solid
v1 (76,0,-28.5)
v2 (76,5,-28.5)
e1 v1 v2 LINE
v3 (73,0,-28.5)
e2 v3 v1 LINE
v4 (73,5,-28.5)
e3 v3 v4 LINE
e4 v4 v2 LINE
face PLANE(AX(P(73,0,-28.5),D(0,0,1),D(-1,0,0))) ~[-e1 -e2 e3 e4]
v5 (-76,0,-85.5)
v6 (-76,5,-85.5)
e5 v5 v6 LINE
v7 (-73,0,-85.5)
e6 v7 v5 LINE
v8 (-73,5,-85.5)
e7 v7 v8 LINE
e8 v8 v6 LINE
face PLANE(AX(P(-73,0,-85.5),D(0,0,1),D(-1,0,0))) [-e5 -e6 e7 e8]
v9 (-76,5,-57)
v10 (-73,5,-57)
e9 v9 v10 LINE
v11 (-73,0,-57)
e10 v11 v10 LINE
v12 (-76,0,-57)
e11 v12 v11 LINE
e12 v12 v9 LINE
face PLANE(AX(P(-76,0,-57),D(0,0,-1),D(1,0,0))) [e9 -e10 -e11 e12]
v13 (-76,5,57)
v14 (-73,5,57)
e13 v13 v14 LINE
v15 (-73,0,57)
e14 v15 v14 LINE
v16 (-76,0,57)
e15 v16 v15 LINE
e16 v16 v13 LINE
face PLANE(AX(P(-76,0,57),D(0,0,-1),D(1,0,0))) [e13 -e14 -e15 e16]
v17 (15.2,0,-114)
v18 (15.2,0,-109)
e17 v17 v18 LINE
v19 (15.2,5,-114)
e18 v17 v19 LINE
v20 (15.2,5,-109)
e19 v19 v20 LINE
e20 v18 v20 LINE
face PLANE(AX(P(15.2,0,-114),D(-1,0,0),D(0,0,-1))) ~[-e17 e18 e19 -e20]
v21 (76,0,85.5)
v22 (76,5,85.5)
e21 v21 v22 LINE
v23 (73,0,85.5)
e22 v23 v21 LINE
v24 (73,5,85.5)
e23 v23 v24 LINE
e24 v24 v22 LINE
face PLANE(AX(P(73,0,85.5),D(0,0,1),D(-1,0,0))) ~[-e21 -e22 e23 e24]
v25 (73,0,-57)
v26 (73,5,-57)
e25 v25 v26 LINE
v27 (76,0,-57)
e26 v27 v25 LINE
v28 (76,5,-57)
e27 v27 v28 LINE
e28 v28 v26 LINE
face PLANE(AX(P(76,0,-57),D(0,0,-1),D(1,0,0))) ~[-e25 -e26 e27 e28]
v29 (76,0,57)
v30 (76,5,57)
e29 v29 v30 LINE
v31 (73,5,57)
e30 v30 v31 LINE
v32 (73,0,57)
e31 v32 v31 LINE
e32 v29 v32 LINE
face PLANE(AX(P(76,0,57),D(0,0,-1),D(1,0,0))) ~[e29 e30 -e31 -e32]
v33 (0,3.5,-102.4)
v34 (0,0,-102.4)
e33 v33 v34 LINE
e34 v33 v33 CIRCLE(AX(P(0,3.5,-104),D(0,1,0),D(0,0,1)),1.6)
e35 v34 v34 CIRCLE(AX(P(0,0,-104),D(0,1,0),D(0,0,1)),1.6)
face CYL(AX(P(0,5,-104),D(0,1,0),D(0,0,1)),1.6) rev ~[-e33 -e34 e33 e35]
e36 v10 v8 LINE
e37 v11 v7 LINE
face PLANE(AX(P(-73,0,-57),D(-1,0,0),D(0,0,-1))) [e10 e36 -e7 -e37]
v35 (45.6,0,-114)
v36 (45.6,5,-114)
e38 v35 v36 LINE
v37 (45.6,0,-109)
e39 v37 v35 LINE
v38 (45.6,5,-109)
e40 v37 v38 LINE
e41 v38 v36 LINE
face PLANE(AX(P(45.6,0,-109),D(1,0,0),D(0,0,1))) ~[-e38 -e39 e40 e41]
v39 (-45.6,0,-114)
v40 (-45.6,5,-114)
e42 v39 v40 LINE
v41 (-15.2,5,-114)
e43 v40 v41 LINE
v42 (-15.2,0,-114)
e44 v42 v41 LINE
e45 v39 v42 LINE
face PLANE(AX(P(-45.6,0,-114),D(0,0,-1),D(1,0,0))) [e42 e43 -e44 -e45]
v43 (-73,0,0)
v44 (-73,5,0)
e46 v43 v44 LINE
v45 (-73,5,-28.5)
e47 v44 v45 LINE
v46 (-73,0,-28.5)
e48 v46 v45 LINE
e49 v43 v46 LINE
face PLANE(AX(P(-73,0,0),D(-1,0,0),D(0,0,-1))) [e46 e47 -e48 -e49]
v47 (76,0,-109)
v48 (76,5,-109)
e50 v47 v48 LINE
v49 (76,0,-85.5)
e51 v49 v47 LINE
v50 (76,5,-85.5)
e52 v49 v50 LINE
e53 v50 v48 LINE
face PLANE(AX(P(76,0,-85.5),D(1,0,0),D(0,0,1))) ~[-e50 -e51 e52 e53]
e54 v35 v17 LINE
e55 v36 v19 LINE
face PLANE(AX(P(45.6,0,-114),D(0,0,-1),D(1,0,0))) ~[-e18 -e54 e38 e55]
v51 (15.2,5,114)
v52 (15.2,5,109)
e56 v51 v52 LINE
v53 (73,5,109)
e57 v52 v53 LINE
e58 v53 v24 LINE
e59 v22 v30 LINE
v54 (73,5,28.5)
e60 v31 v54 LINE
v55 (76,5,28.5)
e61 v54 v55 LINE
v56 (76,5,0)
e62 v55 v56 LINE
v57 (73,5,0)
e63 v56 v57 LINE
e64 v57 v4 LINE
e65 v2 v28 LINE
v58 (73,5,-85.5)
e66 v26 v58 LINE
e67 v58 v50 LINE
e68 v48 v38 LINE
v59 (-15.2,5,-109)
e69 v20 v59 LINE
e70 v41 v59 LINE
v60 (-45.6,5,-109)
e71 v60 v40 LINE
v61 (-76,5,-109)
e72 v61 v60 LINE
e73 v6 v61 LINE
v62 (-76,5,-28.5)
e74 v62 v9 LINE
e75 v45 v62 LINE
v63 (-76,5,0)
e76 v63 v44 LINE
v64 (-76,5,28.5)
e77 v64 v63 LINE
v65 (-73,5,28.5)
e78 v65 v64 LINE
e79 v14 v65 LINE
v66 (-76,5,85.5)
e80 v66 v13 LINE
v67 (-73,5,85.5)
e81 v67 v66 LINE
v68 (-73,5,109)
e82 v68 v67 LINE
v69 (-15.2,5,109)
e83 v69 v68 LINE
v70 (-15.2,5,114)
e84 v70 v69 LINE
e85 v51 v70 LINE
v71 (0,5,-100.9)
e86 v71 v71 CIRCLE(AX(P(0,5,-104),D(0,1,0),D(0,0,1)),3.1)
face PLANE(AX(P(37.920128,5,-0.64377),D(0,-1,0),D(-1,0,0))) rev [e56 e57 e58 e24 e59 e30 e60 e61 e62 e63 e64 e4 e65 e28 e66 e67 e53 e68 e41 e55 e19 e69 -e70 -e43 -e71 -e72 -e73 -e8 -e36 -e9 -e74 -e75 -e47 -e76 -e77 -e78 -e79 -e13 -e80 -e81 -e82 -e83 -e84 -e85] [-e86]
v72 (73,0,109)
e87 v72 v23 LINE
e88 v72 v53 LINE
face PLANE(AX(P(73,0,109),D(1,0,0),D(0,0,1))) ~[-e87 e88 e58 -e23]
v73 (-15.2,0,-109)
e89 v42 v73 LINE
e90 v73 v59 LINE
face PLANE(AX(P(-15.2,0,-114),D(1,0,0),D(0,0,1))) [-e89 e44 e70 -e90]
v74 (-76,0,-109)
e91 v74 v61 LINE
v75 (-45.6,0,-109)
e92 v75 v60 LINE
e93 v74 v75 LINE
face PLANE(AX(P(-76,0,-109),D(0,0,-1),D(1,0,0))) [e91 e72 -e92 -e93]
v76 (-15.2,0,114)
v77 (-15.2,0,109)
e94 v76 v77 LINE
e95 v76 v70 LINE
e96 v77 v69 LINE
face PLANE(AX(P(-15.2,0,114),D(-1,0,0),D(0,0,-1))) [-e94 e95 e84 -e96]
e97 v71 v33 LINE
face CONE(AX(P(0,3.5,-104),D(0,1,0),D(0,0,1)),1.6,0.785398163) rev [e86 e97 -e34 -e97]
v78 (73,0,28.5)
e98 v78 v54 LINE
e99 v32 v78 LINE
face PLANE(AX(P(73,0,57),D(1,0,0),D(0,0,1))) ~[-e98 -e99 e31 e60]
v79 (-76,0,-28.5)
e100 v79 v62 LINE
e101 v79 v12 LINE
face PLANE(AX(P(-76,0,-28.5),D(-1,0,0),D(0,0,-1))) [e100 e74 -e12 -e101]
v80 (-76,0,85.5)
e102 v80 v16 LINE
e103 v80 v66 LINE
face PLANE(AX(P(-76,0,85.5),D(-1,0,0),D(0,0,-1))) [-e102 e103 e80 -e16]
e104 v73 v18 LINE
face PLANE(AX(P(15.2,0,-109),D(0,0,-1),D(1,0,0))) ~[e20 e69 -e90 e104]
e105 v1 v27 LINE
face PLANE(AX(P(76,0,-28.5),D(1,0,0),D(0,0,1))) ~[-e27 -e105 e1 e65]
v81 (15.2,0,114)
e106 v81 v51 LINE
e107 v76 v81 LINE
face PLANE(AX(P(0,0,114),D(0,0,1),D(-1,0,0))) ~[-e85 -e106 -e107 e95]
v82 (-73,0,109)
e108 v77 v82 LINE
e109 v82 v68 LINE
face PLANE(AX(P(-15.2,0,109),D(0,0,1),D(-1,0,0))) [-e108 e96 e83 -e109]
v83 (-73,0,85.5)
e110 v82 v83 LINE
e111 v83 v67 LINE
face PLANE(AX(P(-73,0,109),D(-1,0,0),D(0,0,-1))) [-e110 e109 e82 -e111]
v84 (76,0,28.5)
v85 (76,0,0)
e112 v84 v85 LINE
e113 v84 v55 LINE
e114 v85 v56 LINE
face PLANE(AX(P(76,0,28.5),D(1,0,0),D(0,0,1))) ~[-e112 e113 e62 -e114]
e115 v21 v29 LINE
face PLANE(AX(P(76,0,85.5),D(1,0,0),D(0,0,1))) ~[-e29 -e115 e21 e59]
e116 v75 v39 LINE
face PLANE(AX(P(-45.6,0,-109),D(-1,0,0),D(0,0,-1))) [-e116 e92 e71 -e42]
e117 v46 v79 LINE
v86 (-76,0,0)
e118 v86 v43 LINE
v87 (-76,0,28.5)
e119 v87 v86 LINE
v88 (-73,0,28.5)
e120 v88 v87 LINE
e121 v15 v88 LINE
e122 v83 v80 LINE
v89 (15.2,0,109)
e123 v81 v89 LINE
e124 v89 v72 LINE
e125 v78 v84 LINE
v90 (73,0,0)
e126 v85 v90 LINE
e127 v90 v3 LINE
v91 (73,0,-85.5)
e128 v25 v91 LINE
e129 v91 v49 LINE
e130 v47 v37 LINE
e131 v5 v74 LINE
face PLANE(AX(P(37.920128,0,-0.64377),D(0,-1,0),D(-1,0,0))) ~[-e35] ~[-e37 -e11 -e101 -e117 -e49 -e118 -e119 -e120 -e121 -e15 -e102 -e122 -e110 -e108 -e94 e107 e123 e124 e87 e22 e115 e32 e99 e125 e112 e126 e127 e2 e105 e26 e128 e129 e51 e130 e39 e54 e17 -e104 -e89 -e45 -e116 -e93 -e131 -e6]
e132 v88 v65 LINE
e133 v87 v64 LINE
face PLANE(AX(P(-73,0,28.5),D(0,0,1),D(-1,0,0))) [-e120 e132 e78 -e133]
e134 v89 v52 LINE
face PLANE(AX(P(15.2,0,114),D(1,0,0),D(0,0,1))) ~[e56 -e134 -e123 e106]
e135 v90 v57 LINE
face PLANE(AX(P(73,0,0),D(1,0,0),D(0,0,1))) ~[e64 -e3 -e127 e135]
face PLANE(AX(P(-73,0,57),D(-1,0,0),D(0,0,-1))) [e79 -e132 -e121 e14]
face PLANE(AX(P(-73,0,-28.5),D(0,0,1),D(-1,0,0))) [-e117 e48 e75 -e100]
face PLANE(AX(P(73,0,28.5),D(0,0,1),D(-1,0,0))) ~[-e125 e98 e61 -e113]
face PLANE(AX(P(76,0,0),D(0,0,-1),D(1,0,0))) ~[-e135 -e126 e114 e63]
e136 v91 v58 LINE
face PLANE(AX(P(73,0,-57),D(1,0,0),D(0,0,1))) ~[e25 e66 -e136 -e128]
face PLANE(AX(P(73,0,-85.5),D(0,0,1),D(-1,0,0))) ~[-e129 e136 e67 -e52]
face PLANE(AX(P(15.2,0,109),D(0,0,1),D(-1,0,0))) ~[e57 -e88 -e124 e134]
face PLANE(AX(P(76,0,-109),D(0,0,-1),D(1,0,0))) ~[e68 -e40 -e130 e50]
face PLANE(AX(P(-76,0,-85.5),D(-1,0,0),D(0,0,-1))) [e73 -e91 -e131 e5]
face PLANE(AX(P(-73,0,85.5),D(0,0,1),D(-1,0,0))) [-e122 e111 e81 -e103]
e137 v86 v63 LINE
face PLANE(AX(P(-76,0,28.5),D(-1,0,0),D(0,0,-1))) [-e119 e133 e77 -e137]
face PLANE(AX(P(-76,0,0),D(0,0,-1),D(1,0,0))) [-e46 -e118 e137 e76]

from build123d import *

# Parameters (mm, degrees)
BOSS_EXTRUDE1_DEPTH = 5
SKETCH2_R           = 1.6
CUT_EXTRUDE1_DEPTH  = 138.102151697
CHAMFER1_SIZE       = 1.5


with BuildPart() as part:
    # Sketch1 → Boss-Extrude1 (new body)
    with BuildSketch(Plane(origin=(0, 0, 0), x_dir=(1, 0, 0), z_dir=(0, 1, 0))):
        Polygon((0, -114), (-15.2, -114), (-15.2, -109), (-73, -109), (-73, -85.5), (-76, -85.5), (-76, -57), (-73, -57), (-73, -28.5), (-76, -28.5), (-76, 0), (-73, 0), (-73, 28.5), (-76, 28.5), (-76, 57), (-73, 57), (-73, 85.5), (-76, 85.5), (-76, 109), (-45.6, 109), (-45.6, 114), (-15.2, 114), (-15.2, 109), (0, 109), align=None)
    boss_extrude1 = extrude(amount=BOSS_EXTRUDE1_DEPTH)

    # Mirror1: Boss-Extrude1 across plane
    add(boss_extrude1.mirror(Plane(origin=(0, 5, 0), x_dir=(0, 0, 1), z_dir=(1, 0, 0))))

    # Sketch2 → Cut-Extrude1 (cut, through all)
    with BuildSketch(Plane(origin=(0, 5, 0), x_dir=(1, 0, 0), z_dir=(0, 1, 0))):
        with Locations(Location((0, 104, 0), (0, 0, 270))):
            Circle(SKETCH2_R)
    extrude(amount=-CUT_EXTRUDE1_DEPTH, mode=Mode.SUBTRACT)

    # Chamfer1
    chamfer1_edges = [part.edges().sort_by_distance(p)[0] for p in [
        (0, 5, -105.6),
    ]]
    chamfer(chamfer1_edges, length=CHAMFER1_SIZE)


solid = part.part
